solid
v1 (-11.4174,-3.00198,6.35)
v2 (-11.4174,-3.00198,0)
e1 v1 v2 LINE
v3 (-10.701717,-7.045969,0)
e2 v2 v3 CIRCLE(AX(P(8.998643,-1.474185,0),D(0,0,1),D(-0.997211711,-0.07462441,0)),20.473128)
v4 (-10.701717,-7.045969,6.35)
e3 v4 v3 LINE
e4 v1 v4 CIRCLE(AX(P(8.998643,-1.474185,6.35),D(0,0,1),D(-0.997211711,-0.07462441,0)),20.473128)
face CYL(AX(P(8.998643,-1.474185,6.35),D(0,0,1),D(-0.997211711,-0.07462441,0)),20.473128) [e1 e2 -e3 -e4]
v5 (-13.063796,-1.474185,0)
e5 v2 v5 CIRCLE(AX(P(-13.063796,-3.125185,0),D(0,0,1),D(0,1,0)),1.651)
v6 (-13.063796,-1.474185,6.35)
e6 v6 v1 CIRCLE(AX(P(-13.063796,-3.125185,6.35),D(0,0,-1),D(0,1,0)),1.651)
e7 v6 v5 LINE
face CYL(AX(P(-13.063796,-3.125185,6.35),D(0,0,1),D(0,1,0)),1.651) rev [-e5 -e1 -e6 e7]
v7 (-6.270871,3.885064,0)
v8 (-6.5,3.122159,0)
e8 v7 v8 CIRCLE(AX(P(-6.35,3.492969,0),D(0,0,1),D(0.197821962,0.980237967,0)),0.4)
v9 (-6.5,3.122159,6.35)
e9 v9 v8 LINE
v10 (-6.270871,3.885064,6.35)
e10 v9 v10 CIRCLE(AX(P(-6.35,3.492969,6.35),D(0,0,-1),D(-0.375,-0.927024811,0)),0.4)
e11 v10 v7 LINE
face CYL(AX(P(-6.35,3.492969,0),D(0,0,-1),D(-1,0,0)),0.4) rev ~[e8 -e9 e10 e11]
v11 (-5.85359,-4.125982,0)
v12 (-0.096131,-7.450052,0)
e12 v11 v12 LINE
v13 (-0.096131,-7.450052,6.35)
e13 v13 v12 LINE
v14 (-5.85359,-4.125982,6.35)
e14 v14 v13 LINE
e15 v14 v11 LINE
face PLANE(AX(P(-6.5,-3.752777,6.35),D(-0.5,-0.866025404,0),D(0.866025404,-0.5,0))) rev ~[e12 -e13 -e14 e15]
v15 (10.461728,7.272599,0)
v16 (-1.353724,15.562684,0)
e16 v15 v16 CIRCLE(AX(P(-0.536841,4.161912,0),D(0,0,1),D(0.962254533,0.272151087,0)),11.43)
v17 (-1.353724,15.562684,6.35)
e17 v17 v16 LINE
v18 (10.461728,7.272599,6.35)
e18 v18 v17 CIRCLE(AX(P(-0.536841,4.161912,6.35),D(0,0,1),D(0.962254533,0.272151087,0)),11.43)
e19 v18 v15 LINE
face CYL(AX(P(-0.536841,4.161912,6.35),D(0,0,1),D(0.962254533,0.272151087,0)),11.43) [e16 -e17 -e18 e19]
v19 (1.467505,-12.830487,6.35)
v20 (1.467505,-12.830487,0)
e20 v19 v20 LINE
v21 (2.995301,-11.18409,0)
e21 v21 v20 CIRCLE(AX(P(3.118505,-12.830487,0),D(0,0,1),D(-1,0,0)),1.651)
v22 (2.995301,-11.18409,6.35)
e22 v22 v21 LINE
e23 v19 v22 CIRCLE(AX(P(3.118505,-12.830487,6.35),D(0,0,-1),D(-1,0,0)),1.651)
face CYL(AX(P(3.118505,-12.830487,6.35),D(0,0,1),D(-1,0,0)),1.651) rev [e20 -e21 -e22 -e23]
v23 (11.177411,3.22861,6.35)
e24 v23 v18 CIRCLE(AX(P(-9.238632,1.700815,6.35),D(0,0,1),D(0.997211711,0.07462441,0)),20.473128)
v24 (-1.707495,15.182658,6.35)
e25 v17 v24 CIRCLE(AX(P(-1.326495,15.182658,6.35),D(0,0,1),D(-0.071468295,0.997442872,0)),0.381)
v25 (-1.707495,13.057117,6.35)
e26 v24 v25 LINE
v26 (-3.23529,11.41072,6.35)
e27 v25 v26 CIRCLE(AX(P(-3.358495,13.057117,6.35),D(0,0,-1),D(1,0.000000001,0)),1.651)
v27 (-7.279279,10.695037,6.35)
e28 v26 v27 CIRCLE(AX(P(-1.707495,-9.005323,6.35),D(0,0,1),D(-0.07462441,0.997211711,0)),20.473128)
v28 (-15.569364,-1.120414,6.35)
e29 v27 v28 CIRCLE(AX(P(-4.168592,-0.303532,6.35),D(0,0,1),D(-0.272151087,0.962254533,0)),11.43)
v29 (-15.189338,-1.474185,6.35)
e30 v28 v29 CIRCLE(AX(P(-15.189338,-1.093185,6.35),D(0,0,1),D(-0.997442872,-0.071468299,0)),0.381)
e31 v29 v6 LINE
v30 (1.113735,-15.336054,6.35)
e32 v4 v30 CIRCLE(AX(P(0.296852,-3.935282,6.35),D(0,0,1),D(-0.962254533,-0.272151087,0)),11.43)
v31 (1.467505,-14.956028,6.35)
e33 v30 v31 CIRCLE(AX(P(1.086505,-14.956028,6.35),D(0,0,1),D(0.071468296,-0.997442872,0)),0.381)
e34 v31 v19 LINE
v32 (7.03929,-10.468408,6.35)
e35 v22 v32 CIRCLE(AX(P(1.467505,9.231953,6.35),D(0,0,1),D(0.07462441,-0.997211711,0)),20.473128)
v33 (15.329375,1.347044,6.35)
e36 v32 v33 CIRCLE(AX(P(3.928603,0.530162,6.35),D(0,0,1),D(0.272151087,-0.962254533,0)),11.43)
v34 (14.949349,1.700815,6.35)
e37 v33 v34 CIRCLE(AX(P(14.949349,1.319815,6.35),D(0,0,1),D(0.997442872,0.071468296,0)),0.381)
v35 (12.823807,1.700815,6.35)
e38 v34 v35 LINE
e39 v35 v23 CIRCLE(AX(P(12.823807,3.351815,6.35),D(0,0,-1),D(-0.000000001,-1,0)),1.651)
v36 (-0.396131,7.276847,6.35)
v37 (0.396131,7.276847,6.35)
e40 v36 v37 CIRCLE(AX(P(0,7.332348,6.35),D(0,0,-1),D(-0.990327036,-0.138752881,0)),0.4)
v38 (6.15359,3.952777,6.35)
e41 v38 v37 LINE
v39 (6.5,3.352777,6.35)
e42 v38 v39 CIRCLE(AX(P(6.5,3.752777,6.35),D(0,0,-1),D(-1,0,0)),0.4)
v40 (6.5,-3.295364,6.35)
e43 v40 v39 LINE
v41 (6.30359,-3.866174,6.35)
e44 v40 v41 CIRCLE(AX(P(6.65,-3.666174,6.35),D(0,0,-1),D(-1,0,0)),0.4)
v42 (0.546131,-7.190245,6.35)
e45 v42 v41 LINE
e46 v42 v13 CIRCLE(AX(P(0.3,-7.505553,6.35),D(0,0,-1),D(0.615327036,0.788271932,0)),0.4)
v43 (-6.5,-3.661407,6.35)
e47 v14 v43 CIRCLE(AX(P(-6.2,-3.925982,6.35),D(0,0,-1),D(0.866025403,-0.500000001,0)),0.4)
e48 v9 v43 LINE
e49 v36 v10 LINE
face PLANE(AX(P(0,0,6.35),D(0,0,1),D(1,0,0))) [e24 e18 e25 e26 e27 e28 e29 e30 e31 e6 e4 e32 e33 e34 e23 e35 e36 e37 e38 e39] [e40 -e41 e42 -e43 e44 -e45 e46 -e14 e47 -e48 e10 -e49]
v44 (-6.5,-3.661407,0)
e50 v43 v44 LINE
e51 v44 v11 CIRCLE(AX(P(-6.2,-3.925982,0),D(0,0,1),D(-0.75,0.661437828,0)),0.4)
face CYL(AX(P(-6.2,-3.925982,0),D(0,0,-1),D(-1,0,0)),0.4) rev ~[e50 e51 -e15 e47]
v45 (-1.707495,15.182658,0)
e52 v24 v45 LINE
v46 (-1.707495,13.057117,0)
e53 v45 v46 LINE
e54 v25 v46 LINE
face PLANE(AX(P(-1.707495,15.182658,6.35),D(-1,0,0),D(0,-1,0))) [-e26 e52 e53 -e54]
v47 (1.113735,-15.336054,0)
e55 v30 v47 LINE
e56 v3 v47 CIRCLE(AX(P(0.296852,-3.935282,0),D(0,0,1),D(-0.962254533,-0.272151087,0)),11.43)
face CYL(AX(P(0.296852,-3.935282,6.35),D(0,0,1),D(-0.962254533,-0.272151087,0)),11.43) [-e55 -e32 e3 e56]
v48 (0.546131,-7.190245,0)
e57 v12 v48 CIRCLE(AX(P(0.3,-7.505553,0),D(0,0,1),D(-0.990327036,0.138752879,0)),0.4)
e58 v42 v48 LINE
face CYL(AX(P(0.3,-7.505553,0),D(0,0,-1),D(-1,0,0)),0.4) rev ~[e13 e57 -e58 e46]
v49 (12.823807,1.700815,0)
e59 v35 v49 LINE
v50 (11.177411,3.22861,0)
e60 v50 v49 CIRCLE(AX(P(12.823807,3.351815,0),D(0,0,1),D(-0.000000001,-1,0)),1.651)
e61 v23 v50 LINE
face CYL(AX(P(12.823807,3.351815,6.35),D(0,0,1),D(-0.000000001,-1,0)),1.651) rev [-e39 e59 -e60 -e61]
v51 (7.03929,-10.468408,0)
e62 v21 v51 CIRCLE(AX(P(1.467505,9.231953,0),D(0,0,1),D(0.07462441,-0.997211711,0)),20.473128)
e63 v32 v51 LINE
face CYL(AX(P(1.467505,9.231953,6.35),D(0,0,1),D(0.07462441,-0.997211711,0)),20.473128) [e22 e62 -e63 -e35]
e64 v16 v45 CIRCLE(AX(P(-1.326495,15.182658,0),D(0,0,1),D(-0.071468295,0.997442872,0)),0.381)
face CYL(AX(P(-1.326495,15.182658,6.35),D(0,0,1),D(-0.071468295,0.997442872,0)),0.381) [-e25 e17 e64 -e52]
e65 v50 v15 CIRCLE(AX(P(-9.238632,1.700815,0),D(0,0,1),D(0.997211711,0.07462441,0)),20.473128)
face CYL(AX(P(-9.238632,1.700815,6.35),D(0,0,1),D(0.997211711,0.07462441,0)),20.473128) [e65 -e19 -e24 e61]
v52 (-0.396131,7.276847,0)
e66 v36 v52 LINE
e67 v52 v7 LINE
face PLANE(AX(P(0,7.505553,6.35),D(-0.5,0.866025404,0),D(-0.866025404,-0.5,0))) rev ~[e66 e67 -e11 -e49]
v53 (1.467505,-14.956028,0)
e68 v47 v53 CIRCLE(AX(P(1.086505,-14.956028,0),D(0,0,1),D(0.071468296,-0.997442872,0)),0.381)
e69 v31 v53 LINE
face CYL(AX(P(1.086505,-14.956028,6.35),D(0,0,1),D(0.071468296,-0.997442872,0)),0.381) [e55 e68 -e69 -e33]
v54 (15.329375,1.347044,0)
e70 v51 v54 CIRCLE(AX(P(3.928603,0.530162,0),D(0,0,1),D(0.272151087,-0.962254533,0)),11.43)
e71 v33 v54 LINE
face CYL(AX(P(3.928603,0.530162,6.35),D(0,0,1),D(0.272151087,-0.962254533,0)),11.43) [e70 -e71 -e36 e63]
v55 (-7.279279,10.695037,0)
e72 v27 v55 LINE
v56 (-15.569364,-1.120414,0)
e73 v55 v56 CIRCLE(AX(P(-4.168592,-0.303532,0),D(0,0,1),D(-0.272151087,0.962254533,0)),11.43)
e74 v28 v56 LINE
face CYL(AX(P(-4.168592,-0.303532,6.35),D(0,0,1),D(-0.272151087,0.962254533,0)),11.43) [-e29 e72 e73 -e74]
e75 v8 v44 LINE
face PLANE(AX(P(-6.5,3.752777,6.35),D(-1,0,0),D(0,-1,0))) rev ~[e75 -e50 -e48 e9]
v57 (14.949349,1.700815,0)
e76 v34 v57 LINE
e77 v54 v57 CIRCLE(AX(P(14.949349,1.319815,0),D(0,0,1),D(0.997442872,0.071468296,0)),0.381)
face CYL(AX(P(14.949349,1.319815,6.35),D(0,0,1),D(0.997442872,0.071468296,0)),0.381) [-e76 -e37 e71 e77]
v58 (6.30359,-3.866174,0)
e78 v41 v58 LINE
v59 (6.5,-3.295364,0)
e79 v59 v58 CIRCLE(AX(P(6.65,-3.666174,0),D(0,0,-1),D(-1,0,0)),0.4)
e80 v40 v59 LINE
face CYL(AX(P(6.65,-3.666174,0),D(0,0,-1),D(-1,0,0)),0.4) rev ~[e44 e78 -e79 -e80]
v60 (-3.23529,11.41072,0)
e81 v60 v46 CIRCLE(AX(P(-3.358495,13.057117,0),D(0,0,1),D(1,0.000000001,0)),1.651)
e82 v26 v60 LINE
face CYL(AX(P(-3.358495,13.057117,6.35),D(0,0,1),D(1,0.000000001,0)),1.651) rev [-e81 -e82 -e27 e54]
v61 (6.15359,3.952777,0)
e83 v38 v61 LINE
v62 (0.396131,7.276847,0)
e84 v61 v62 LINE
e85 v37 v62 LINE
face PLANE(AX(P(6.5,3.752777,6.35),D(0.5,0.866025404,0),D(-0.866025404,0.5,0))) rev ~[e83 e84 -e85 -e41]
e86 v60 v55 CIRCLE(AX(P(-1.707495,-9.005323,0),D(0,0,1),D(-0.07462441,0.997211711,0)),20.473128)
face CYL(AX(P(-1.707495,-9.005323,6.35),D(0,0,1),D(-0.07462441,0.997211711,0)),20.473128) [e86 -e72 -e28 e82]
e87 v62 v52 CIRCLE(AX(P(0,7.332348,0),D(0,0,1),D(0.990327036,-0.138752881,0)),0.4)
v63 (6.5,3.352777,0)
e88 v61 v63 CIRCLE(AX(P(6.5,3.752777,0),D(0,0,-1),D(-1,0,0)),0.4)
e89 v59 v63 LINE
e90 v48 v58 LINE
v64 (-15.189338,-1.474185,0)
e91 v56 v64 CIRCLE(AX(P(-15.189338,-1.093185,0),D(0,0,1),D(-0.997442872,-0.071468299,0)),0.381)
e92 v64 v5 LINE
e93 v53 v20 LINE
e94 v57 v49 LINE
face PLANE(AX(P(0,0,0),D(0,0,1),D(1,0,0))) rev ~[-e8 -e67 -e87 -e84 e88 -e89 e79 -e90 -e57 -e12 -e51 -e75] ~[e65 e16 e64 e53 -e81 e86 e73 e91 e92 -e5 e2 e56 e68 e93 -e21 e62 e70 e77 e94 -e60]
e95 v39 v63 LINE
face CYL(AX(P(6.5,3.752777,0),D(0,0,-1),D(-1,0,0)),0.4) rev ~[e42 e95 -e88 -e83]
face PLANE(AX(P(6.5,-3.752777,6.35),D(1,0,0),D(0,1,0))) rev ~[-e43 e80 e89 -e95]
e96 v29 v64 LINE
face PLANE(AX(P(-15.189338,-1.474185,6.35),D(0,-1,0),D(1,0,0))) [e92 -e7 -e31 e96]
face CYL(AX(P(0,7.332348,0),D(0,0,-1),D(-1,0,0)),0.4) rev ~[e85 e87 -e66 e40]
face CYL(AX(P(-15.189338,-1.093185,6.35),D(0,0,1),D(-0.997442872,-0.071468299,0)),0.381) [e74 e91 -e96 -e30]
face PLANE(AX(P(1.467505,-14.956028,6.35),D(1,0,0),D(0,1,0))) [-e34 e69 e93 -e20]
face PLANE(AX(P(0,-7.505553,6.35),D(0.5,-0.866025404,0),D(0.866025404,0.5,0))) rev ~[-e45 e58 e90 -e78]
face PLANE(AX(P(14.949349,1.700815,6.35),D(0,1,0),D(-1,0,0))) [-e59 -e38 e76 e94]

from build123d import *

# Parameters (mm, degrees)
SKETCH1_R           = 16
BOSS_EXTRUDE1_DEPTH = 6.35
SKETCH2_OUTSIDE_W   = 43.14
SKETCH2_OUTSIDE_H   = 43.14
CUT_EXTRUDE1_DEPTH  = 7.35
CUT_EXTRUDE2_DEPTH  = 7.35
CUT_EXTRUDE3_REACH  = 8.35
SKETCH4_R           = 0.4


with BuildPart() as part:
    # Sketch1 → Boss-Extrude1 (new body)
    with BuildSketch(Plane.XY):
        Circle(SKETCH1_R)
    extrude(amount=BOSS_EXTRUDE1_DEPTH)

    # Sketch2 outside → Cut-Extrude1 (cut, through all)
    with BuildSketch(Plane.XY.offset(6.35)):
        Rectangle(SKETCH2_OUTSIDE_W, SKETCH2_OUTSIDE_H)
        with BuildLine():
            Line((14.949348906, 1.700814958), (12.823807348, 1.700814958))
            ThreePointArc((12.823807348, 1.700814958), (11.700778028, 2.141605825), (11.177410812, 3.228610057))
            ThreePointArc((11.177410812, 3.228610057), (10.921226769, 5.268595293), (10.461728017, 7.272599017))
            ThreePointArc((10.461728017, 7.272599017), (6.02807025, 13.518558738), (-1.353723941, 15.562684117))
            ThreePointArc((-1.353723941, 15.562684117), (-1.605363135, 15.44226057), (-1.707494519, 15.182658383))
            Line((-1.707494519, 15.182658383), (-1.707494519, 13.057116825))
            ThreePointArc((-1.707494519, 13.057116825), (-2.148285386, 11.934087504), (-3.235289619, 11.410720289))
            ThreePointArc((-3.235289619, 11.410720289), (-5.275274855, 11.154536246), (-7.279278578, 10.695037493))
            ThreePointArc((-7.279278578, 10.695037493), (-13.525238299, 6.261379727), (-15.569363679, -1.120414464))
            ThreePointArc((-15.569363679, -1.120414464), (-15.448940131, -1.372053658), (-15.189337945, -1.474185042))
            Line((-15.189337945, -1.474185042), (-13.063796386, -1.474185042))
            ThreePointArc((-13.063796386, -1.474185042), (-11.940767066, -1.914975909), (-11.417399851, -3.001980142))
            ThreePointArc((-11.417399851, -3.001980142), (-11.161215808, -5.041965378), (-10.701717055, -7.045969101))
            ThreePointArc((-10.701717055, -7.045969101), (-6.268059288, -13.291928823), (1.113734902, -15.336054202))
            ThreePointArc((1.113734902, -15.336054202), (1.365374097, -15.215630654), (1.467505481, -14.956028468))
            Line((1.467505481, -14.956028468), (1.467505481, -12.830486909))
            ThreePointArc((1.467505481, -12.830486909), (1.908296348, -11.707457589), (2.99530058, -11.184090374))
            ThreePointArc((2.99530058, -11.184090374), (5.035285816, -10.927906331), (7.03928954, -10.468407578))
            ThreePointArc((7.03928954, -10.468407578), (13.285249261, -6.034749811), (15.32937464, 1.347044379))
            ThreePointArc((15.32937464, 1.347044379), (15.208951093, 1.598683573), (14.949348906, 1.700814958))
        make_face(mode=Mode.SUBTRACT)
    extrude(amount=-CUT_EXTRUDE1_DEPTH, mode=Mode.SUBTRACT)

    # Sketch3 → Cut-Extrude2 (cut, through all)
    with BuildSketch(Plane.XY.offset(6.35)):
        Polygon((0, 7.505553499), (-6.5, 3.75277675), (-6.5, -3.75277675), (0, -7.505553499), (6.5, -3.75277675), (6.5, 3.75277675), align=None)
    extrude(amount=-CUT_EXTRUDE2_DEPTH, mode=Mode.SUBTRACT)

    # Sketch4 → Cut-Extrude3 (cut, up to next)
    with BuildSketch(Plane(origin=(0, 0, 0), x_dir=(-1, 0, 0), z_dir=(0, 0, -1)), mode=Mode.PRIVATE) as cut_extrude3_sk1:
        with Locations((-6.5, 3.75277675)):
            Circle(SKETCH4_R)
    cut_extrude3_tool1 = extrude(cut_extrude3_sk1.sketch, amount=-CUT_EXTRUDE3_REACH, mode=Mode.PRIVATE) & part.part
    add(cut_extrude3_tool1.solids().sort_by_distance((6.5, 3.752777, 0))[0], mode=Mode.SUBTRACT)
    # Sketch4 → Cut-Extrude3 (cut, up to next)
    with BuildSketch(Plane(origin=(0, 0, 0), x_dir=(-1, 0, 0), z_dir=(0, 0, -1)), mode=Mode.PRIVATE) as cut_extrude3_sk2:
        with Locations((0, 7.332348419)):
            Circle(SKETCH4_R)
    cut_extrude3_tool2 = extrude(cut_extrude3_sk2.sketch, amount=-CUT_EXTRUDE3_REACH, mode=Mode.PRIVATE) & part.part
    add(cut_extrude3_tool2.solids().sort_by_distance((0, 7.332348, 0))[0], mode=Mode.SUBTRACT)
    # Sketch4 → Cut-Extrude3 (cut, up to next)
    with BuildSketch(Plane(origin=(0, 0, 0), x_dir=(-1, 0, 0), z_dir=(0, 0, -1)), mode=Mode.PRIVATE) as cut_extrude3_sk3:
        with Locations((6.35, 3.492969129)):
            Circle(SKETCH4_R)
    cut_extrude3_tool3 = extrude(cut_extrude3_sk3.sketch, amount=-CUT_EXTRUDE3_REACH, mode=Mode.PRIVATE) & part.part
    add(cut_extrude3_tool3.solids().sort_by_distance((-6.35, 3.492969, 0))[0], mode=Mode.SUBTRACT)
    # Sketch4 → Cut-Extrude3 (cut, up to next)
    with BuildSketch(Plane(origin=(0, 0, 0), x_dir=(-1, 0, 0), z_dir=(0, 0, -1)), mode=Mode.PRIVATE) as cut_extrude3_sk4:
        with Locations((6.2, -3.92598183)):
            Circle(SKETCH4_R)
    cut_extrude3_tool4 = extrude(cut_extrude3_sk4.sketch, amount=-CUT_EXTRUDE3_REACH, mode=Mode.PRIVATE) & part.part
    add(cut_extrude3_tool4.solids().sort_by_distance((-6.2, -3.925982, 0))[0], mode=Mode.SUBTRACT)
    # Sketch4 → Cut-Extrude3 (cut, up to next)
    with BuildSketch(Plane(origin=(0, 0, 0), x_dir=(-1, 0, 0), z_dir=(0, 0, -1)), mode=Mode.PRIVATE) as cut_extrude3_sk5:
        with Locations((-0.3, -7.505553499)):
            Circle(SKETCH4_R)
    cut_extrude3_tool5 = extrude(cut_extrude3_sk5.sketch, amount=-CUT_EXTRUDE3_REACH, mode=Mode.PRIVATE) & part.part
    add(cut_extrude3_tool5.solids().sort_by_distance((0.3, -7.505553, 0))[0], mode=Mode.SUBTRACT)
    # Sketch4 → Cut-Extrude3 (cut, up to next)
    with BuildSketch(Plane(origin=(0, 0, 0), x_dir=(-1, 0, 0), z_dir=(0, 0, -1)), mode=Mode.PRIVATE) as cut_extrude3_sk6:
        with Locations((-6.65, -3.666174209)):
            Circle(SKETCH4_R)
    cut_extrude3_tool6 = extrude(cut_extrude3_sk6.sketch, amount=-CUT_EXTRUDE3_REACH, mode=Mode.PRIVATE) & part.part
    add(cut_extrude3_tool6.solids().sort_by_distance((6.65, -3.666174, 0))[0], mode=Mode.SUBTRACT)


solid = part.part
